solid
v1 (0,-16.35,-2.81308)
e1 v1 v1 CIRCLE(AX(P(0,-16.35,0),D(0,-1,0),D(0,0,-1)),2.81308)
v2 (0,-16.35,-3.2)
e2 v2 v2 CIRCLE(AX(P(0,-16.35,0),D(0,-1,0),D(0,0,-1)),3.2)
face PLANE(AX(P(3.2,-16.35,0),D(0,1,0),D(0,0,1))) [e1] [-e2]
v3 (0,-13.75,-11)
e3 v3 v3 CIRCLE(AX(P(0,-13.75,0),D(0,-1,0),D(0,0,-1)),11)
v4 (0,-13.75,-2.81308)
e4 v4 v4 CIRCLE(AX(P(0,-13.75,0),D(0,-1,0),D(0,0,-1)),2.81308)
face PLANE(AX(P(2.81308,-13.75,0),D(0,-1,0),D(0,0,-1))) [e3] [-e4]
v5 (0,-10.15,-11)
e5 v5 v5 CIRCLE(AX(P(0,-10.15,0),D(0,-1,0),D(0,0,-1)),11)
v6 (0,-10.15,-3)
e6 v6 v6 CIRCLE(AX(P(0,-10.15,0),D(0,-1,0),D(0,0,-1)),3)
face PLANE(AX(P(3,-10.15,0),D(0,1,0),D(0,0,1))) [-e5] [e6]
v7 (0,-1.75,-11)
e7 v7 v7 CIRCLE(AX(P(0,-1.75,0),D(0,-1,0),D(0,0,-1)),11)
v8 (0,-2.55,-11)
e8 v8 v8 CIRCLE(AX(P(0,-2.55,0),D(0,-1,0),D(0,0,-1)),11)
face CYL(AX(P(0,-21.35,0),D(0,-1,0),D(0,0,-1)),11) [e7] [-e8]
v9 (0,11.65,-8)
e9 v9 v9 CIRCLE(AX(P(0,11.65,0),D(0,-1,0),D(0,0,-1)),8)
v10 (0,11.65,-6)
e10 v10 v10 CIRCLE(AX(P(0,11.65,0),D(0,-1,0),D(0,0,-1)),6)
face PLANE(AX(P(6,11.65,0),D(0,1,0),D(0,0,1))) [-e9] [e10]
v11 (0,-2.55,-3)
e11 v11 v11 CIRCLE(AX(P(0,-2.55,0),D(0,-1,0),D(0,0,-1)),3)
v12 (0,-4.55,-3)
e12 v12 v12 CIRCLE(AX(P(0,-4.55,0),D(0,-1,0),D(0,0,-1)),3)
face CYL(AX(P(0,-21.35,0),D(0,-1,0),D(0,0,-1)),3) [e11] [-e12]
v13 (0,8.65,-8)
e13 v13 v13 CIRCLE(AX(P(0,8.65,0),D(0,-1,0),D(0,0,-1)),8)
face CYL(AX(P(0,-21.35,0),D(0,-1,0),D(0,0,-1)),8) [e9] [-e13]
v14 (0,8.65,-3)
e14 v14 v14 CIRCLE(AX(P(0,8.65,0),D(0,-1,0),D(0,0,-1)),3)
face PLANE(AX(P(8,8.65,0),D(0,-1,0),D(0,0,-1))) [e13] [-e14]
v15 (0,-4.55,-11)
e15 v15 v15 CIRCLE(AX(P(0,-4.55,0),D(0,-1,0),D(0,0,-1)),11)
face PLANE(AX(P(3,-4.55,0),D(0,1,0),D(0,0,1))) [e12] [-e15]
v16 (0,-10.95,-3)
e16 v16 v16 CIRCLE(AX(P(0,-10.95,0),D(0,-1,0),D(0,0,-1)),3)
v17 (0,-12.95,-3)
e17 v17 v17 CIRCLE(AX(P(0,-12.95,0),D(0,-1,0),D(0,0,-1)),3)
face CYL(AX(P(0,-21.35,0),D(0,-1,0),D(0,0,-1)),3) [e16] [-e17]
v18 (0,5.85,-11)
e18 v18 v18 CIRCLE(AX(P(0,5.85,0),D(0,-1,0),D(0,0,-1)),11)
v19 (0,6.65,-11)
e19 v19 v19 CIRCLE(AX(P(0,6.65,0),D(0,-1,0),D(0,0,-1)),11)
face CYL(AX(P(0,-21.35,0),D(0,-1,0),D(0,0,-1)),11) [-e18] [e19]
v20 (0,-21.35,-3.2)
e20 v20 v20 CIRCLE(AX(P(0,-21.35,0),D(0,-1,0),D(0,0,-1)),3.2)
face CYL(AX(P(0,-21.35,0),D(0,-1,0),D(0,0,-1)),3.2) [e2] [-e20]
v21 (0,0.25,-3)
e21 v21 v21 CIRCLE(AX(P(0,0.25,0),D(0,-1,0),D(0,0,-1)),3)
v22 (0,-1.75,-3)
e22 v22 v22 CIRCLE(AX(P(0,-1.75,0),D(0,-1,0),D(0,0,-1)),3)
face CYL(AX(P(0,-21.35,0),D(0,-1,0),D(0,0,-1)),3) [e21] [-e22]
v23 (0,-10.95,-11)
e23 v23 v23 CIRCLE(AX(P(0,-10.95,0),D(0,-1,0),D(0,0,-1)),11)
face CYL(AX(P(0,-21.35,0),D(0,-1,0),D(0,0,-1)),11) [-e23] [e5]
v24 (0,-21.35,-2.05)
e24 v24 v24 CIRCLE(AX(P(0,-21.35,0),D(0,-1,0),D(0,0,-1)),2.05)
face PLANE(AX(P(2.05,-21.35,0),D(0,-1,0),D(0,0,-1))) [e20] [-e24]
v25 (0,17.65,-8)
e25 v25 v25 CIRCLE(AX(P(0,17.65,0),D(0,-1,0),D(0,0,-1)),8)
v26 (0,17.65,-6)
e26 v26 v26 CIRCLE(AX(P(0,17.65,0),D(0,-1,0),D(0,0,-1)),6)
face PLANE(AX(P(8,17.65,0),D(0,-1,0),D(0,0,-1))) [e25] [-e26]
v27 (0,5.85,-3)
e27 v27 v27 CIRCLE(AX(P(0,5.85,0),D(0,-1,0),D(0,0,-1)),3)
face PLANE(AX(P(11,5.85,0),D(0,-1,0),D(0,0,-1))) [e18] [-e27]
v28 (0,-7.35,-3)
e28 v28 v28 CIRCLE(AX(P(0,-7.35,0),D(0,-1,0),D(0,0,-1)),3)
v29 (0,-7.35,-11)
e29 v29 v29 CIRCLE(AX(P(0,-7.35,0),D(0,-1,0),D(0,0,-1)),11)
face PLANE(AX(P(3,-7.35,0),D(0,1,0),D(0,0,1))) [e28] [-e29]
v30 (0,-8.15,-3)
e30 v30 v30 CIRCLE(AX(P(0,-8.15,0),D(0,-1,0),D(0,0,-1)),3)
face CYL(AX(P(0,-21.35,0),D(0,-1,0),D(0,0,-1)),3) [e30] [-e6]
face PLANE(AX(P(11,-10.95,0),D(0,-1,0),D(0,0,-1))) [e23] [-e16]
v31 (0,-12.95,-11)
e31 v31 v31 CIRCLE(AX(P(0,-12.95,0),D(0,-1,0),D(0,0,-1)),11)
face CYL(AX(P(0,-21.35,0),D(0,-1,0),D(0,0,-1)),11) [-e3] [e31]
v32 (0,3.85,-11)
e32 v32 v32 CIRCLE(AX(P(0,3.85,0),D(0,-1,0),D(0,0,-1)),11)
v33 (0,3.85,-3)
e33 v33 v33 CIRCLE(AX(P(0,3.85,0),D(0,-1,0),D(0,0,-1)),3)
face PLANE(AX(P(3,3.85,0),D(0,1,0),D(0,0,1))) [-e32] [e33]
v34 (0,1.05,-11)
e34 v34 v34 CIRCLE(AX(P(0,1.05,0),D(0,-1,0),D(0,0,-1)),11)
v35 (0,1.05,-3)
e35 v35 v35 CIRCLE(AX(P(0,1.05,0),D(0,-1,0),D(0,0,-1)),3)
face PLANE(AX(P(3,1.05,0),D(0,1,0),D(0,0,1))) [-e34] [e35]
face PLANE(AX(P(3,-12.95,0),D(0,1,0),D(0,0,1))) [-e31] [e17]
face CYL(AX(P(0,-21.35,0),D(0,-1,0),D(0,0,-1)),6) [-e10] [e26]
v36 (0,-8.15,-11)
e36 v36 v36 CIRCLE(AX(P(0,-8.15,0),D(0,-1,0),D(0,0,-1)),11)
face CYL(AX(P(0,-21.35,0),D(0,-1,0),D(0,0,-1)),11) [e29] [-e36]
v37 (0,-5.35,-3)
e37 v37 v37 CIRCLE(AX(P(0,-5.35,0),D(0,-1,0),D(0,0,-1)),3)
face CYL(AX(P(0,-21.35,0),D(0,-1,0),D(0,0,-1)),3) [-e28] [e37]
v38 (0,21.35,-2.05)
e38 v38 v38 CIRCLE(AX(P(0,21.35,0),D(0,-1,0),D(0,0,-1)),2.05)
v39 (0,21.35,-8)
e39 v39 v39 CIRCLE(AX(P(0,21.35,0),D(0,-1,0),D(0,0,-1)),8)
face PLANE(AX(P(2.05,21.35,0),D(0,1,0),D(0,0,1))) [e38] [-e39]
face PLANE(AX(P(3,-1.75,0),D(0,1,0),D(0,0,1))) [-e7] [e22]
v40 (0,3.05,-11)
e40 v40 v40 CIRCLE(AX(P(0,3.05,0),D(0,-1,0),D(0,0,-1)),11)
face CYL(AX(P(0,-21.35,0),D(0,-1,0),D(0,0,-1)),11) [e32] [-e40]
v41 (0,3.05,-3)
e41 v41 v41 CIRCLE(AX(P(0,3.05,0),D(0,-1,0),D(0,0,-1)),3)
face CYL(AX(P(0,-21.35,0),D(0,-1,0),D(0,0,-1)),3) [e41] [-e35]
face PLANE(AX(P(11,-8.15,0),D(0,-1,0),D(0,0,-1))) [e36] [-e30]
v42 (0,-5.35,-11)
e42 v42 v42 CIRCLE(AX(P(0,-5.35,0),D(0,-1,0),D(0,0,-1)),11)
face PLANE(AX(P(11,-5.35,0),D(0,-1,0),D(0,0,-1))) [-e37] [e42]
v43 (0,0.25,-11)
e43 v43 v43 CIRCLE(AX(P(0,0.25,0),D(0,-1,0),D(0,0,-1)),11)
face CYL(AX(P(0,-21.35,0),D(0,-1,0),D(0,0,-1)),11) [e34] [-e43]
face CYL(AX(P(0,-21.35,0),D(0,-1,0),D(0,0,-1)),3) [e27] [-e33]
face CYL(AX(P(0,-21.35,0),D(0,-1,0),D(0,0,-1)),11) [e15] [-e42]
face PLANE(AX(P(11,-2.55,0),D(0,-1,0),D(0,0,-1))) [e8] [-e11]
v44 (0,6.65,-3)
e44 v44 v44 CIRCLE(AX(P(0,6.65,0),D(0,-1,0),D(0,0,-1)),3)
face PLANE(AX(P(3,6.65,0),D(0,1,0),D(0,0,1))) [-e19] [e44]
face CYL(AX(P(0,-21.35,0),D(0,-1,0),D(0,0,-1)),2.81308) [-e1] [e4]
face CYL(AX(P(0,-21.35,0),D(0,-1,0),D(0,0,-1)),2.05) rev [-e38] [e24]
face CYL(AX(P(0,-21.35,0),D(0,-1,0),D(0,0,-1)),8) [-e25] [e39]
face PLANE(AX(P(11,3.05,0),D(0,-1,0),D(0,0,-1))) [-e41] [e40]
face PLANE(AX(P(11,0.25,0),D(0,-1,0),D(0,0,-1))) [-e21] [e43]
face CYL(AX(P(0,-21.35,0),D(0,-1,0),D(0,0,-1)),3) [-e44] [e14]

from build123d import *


with BuildPart() as part:
    # Sketch1 → Revolve1 (revolve)
    with BuildSketch(Plane.XY):
        Polygon((2.05, 21.35), (8, 21.35), (8, 17.65), (6, 17.65), (6, 11.65), (8, 11.65), (8, 8.65), (3, 8.65), (3, 6.65), (11, 6.65), (11, 5.85), (3, 5.85), (3, 3.85), (11, 3.85), (11, 3.05), (3, 3.05), (3, 1.05), (11, 1.05), (11, 0.25), (3, 0.25), (3, -1.75), (11, -1.75), (11, -2.55), (3, -2.55), (3, -4.55), (11, -4.55), (11, -5.35), (3, -5.35), (3, -7.35), (11, -7.35), (11, -8.15), (3, -8.15), (3, -10.15), (11, -10.15), (11, -10.95), (3, -10.95), (3, -12.95), (11, -12.95), (11, -13.75), (3.2, -13.75), (2.81308008, -13.75), (2.81308008, -16.35), (3.2, -16.35), (3.2, -21.35), (2.05, -21.35), align=None)
    revolve(axis=Axis((0, -21.35, 0), (0, 1, 0)))


solid = part.part
